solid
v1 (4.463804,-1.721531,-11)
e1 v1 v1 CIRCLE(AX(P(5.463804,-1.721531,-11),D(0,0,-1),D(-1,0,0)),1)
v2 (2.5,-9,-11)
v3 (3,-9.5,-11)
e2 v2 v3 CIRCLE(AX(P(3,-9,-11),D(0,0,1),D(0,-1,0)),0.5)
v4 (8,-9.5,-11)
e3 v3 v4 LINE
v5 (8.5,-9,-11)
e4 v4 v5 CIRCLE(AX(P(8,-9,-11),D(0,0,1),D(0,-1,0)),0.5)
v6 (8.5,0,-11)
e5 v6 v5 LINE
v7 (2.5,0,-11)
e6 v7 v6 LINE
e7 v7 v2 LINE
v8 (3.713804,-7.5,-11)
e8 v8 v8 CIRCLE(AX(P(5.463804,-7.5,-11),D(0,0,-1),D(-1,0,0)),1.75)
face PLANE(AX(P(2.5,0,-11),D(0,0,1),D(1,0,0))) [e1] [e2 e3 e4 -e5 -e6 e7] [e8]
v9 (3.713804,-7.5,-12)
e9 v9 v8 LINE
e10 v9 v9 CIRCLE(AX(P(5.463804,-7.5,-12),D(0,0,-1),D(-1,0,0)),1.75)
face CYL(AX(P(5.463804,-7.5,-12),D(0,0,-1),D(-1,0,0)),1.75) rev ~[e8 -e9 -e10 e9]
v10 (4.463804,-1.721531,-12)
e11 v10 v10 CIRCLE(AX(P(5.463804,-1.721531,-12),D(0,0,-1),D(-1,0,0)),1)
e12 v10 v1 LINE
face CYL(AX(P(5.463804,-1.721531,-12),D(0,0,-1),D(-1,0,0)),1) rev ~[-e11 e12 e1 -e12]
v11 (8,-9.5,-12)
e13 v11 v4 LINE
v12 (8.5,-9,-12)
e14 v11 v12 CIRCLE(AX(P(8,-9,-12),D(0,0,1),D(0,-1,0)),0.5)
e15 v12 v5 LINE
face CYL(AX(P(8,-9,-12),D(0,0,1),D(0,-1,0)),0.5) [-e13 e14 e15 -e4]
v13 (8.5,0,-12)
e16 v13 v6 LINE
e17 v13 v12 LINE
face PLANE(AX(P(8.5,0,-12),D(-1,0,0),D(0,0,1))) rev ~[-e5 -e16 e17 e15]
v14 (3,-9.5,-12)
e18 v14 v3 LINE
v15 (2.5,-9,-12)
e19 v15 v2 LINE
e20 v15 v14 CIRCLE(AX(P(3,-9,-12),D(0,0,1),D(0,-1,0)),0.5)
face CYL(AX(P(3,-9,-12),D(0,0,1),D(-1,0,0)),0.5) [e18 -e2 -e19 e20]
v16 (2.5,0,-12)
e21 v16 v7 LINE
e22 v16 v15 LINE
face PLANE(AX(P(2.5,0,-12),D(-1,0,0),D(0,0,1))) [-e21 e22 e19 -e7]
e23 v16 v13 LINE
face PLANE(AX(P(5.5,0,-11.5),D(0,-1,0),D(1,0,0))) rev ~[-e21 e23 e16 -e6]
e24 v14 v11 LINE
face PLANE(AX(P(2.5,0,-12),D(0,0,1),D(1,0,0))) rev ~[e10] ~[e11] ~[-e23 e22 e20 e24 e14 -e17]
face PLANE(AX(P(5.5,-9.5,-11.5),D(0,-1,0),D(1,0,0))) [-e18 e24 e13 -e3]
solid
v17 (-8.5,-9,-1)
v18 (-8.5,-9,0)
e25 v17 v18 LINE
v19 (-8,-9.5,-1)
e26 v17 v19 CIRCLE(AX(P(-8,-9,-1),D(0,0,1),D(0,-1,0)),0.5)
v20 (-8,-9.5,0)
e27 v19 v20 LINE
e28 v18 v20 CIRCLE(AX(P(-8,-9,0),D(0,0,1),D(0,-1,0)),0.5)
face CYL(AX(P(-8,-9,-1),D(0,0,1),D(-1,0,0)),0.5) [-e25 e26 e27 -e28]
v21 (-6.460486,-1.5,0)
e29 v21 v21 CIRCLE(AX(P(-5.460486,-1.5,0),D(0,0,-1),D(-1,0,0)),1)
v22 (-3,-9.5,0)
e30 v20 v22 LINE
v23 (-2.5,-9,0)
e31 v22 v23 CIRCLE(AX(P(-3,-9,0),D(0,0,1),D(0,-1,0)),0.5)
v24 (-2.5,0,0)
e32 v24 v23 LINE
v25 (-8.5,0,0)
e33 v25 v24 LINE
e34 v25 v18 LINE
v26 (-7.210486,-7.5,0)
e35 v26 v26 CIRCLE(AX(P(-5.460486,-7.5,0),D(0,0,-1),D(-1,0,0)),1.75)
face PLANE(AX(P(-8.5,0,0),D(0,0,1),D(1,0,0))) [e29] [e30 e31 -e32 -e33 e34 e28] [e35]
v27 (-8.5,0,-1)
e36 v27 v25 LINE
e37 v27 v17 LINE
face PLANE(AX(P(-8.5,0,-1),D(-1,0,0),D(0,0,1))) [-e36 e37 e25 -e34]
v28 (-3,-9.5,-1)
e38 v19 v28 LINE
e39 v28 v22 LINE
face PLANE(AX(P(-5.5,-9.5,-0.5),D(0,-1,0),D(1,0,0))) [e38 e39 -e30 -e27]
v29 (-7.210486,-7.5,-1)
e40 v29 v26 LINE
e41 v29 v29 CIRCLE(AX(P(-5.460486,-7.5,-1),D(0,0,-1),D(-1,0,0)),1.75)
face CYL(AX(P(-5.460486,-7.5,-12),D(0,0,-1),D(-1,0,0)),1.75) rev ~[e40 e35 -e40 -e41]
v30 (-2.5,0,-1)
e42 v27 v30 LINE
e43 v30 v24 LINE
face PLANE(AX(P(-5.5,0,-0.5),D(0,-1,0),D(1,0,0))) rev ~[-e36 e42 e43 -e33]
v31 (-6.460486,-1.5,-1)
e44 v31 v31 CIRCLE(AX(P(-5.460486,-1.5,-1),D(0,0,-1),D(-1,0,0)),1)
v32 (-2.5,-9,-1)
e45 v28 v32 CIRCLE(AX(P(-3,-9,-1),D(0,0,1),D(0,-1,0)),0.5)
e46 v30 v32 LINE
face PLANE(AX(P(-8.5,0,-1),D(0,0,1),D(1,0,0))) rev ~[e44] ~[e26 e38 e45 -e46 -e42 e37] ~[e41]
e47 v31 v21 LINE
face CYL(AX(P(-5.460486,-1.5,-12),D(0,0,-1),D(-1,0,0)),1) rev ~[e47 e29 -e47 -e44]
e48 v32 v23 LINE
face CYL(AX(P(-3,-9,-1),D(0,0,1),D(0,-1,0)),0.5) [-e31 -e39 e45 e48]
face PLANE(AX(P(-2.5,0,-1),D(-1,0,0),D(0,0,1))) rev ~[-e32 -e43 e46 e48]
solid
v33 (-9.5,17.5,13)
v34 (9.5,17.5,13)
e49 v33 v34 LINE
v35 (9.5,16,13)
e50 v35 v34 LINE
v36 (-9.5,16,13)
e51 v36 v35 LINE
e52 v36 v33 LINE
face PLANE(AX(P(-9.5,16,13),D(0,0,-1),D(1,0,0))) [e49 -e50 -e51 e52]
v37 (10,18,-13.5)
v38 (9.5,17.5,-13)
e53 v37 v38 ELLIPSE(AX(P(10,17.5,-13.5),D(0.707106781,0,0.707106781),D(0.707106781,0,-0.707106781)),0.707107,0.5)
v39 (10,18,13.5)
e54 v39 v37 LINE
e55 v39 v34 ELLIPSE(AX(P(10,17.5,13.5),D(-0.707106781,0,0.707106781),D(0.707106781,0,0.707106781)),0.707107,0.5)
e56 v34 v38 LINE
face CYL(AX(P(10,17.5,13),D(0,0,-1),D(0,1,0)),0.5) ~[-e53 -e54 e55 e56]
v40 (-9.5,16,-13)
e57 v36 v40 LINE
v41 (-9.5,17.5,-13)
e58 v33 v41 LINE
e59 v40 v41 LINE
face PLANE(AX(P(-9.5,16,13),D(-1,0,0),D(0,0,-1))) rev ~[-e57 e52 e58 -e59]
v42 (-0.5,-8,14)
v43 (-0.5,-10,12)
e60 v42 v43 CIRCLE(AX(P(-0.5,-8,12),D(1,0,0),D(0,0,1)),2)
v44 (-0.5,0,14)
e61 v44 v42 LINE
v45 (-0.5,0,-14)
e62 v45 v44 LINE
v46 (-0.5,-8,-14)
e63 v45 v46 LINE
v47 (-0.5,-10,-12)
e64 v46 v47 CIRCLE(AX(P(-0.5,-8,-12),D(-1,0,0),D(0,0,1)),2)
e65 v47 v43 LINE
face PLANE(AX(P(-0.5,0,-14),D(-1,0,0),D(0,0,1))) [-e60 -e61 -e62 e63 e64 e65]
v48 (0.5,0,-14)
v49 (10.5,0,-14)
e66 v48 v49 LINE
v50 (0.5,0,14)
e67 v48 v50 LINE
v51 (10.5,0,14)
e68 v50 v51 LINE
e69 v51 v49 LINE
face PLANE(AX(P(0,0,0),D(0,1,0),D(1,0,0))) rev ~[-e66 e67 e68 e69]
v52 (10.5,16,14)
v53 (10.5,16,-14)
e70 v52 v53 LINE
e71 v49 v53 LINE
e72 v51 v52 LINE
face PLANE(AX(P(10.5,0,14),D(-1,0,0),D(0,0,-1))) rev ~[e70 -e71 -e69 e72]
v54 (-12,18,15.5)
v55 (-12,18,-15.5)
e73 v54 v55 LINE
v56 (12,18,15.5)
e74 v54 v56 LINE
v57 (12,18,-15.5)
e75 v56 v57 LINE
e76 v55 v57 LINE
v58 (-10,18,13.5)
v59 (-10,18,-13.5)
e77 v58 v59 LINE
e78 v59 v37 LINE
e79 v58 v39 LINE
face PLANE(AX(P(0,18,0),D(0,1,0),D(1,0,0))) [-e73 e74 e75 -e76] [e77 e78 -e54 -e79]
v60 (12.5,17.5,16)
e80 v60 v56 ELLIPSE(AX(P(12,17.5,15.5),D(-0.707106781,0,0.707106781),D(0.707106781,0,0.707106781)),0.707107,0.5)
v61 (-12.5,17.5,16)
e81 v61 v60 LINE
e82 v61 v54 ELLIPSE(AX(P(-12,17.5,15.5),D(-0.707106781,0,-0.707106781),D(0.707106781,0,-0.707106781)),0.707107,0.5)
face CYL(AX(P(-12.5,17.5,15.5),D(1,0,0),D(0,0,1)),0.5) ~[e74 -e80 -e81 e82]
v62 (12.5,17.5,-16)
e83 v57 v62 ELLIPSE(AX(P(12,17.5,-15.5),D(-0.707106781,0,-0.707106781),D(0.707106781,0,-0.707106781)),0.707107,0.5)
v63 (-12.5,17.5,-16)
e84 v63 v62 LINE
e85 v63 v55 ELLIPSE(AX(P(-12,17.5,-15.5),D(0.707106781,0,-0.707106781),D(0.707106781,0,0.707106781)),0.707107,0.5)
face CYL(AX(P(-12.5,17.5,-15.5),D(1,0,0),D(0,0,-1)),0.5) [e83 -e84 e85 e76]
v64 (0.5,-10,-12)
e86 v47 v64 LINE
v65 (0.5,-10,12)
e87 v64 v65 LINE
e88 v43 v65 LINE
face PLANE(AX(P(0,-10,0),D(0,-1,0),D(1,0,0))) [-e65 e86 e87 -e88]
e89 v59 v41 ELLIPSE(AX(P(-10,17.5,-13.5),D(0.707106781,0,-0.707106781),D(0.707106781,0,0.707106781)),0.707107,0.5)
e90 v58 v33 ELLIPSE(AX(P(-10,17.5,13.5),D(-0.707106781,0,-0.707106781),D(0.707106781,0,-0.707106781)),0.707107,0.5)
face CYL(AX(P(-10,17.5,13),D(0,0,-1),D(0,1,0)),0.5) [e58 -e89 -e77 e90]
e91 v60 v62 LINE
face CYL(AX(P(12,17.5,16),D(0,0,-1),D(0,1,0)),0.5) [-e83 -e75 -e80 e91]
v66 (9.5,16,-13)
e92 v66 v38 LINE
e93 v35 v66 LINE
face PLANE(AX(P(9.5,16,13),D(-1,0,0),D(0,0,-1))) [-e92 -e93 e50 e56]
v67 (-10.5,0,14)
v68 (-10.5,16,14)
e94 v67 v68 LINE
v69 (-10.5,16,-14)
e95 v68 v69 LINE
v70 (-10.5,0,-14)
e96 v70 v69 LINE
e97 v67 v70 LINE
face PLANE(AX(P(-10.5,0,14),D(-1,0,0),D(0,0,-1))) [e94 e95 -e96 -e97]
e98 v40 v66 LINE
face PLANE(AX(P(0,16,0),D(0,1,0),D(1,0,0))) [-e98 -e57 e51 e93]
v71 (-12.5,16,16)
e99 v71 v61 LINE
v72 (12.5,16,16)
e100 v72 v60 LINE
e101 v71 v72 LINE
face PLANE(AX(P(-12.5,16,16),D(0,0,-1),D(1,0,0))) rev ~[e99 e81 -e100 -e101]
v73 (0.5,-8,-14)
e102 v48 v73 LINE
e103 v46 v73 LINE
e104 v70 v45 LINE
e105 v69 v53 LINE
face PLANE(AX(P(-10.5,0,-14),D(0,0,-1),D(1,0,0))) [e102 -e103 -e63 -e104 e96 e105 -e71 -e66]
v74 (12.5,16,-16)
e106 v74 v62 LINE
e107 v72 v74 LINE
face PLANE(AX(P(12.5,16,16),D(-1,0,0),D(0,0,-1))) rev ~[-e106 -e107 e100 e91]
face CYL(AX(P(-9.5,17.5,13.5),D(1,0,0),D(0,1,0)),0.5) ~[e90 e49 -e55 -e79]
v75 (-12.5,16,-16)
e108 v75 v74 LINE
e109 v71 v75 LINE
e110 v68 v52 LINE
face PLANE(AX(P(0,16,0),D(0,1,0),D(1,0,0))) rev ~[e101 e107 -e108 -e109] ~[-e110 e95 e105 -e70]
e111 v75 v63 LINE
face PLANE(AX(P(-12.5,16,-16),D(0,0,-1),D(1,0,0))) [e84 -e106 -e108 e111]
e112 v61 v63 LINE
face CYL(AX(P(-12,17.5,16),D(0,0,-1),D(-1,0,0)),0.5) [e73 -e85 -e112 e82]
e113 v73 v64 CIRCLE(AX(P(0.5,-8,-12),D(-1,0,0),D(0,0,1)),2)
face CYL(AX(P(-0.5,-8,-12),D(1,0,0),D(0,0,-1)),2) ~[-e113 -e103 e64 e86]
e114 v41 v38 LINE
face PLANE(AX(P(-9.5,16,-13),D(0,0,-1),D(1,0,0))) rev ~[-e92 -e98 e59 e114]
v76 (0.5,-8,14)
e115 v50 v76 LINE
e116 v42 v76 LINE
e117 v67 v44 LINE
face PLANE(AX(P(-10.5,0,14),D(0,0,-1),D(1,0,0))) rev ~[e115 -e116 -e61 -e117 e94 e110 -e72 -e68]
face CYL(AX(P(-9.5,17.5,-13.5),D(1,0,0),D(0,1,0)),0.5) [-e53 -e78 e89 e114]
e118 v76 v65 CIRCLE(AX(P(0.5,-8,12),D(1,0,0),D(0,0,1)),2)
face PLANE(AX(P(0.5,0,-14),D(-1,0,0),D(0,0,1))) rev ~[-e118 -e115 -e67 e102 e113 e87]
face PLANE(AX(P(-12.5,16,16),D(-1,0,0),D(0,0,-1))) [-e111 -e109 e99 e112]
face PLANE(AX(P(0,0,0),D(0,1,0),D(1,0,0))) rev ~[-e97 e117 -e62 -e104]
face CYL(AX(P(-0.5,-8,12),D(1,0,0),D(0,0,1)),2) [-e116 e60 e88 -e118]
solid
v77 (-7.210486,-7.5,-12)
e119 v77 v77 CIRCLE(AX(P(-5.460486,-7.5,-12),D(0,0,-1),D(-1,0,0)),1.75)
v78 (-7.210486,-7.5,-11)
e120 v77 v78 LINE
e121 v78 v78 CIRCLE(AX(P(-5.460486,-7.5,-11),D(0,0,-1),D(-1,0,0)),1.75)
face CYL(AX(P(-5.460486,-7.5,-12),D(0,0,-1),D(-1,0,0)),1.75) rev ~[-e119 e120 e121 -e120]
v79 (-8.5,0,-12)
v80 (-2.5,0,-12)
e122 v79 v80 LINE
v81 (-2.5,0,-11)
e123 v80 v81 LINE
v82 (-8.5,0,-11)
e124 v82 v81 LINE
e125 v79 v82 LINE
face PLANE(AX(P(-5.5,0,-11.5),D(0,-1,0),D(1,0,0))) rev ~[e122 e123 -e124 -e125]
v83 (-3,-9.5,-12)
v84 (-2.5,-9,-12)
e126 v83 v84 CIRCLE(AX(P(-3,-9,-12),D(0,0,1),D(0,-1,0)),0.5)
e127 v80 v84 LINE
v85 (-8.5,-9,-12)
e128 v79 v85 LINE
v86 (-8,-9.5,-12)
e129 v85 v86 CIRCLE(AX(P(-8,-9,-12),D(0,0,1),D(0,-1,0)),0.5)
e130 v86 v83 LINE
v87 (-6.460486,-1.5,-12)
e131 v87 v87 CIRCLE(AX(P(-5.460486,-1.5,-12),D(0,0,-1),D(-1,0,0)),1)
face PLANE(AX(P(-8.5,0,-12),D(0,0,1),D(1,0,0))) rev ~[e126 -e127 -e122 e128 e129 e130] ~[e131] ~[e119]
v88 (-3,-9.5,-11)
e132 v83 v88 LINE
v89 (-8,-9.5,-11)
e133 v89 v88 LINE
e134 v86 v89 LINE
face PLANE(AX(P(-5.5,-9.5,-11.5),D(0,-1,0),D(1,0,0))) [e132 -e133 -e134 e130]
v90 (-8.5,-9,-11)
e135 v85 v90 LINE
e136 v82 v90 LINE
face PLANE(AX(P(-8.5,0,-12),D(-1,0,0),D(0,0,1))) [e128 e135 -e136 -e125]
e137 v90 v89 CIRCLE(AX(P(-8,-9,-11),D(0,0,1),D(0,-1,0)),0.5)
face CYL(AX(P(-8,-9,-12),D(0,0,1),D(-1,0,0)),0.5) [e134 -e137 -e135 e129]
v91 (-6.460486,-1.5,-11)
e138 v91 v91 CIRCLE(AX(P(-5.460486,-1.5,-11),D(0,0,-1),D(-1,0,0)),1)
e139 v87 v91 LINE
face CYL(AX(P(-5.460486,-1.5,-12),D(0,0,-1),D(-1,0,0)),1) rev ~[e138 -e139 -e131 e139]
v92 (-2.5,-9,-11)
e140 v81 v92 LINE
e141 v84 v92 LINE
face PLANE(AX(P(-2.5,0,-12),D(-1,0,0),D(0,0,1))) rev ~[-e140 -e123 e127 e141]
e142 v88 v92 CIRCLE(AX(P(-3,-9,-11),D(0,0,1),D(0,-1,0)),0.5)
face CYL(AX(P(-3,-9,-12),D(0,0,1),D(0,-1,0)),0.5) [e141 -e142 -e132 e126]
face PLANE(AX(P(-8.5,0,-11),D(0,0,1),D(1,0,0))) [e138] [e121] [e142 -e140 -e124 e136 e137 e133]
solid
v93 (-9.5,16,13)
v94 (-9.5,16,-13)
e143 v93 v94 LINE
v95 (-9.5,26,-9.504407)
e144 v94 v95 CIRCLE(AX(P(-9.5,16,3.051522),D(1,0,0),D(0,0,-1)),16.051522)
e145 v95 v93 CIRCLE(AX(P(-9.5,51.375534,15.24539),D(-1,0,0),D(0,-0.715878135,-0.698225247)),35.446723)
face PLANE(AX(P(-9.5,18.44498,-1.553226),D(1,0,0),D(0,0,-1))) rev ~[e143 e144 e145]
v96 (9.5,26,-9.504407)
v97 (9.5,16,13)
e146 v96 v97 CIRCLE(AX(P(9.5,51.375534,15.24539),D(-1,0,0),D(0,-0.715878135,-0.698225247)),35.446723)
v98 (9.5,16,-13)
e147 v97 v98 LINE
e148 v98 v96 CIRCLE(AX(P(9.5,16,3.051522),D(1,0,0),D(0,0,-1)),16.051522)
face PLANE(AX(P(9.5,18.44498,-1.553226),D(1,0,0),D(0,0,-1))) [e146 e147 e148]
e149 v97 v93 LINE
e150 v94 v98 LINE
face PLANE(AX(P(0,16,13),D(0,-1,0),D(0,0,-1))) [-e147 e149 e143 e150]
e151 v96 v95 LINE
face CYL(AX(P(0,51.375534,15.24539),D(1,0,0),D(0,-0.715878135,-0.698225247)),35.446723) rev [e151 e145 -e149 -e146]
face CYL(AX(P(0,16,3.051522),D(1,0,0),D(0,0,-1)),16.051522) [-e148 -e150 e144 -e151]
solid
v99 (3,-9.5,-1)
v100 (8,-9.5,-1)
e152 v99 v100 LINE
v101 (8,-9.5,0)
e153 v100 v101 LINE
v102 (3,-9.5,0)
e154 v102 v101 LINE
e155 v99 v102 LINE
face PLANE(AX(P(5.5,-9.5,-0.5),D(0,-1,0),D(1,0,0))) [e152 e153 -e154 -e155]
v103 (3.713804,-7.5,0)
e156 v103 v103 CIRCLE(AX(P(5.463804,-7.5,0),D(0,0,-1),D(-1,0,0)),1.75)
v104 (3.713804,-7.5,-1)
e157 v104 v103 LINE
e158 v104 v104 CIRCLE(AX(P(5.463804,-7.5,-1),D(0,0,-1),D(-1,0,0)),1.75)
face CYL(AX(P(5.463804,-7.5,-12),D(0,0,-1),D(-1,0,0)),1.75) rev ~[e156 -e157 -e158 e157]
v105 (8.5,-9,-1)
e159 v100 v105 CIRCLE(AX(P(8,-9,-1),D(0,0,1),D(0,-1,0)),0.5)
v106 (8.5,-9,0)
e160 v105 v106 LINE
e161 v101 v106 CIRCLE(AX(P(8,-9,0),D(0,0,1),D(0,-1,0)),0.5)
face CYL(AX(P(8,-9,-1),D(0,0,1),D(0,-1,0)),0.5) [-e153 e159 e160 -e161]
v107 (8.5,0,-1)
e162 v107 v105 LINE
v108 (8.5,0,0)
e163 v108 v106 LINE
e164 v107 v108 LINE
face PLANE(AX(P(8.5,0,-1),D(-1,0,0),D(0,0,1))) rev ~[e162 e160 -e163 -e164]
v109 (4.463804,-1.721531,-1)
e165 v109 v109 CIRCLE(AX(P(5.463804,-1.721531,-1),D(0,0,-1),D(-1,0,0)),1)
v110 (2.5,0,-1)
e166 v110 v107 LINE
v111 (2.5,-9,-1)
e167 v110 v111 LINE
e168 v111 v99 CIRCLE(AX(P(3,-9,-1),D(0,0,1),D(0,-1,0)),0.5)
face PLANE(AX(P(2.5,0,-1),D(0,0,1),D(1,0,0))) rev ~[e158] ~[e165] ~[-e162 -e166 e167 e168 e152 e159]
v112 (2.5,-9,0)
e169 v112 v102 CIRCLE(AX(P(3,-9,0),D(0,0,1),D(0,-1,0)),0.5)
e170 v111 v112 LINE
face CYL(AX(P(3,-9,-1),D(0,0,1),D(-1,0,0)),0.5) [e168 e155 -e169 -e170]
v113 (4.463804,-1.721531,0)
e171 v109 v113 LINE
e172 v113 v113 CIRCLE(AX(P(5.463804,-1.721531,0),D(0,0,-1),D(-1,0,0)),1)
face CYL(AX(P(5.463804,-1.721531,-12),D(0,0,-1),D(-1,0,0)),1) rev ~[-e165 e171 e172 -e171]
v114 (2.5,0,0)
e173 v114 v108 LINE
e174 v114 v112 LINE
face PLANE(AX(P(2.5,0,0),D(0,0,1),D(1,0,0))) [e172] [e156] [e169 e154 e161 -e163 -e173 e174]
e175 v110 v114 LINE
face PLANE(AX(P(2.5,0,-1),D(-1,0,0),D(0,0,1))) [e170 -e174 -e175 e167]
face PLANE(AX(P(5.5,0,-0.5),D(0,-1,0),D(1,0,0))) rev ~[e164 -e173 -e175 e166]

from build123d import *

# Parameters (mm, degrees)
SKETCH1_W             = 21
SKETCH1_H             = 28
BOSS_EXTRUDE1_DEPTH   = 16
SKETCH2_W             = 25
SKETCH2_H             = 32
SKETCH2_W_2           = 19
SKETCH2_H_2           = 26
BOSS_EXTRUDE2_DEPTH   = 2
FILLET1_R             = 0.5
SKETCH3_W             = 1
SKETCH3_H             = 28
BOSS_EXTRUDE3_DEPTH   = 10
SKETCH4_W             = 6
SKETCH4_H             = 1
BOSS_EXTRUDE4_DEPTH   = 9.5
BOSS_EXTRUDE4_2_DEPTH = 9.5
BOSS_EXTRUDE4_3_DEPTH = 9.5
BOSS_EXTRUDE4_4_DEPTH = 9.5
SKETCH5_R             = 1
SKETCH5_R_2           = 1.75
CUT_EXTRUDE1_DEPTH    = 29
FILLET2_R             = 2
FILLET3_R             = 0.5
FILLET4_R             = 0.5
FILLET5_R             = 0.5
FILLET6_R             = 0.5
BOSS_EXTRUDE5_DEPTH   = 9.5


with BuildPart() as part:
    # Sketch1 → Boss-Extrude1 (new body)
    with BuildSketch(Plane(origin=(0, 0, 0), x_dir=(1, 0, 0), z_dir=(0, 1, 0))):
        Rectangle(SKETCH1_W, SKETCH1_H)
    extrude(amount=BOSS_EXTRUDE1_DEPTH)

    # Sketch2 → Boss-Extrude2 (add)
    with BuildSketch(Plane(origin=(0, 16, 0), x_dir=(1, 0, 0), z_dir=(0, 1, 0))):
        Rectangle(SKETCH2_W, SKETCH2_H)
        Rectangle(SKETCH2_W_2, SKETCH2_H_2, mode=Mode.SUBTRACT)
    extrude(amount=BOSS_EXTRUDE2_DEPTH)

    # Fillet1
    fillet1_edges = [part.edges().sort_by_distance(p)[0] for p in [
        (0, 18, 16),
        (12.5, 18, 0),
        (0, 18, -16),
        (-12.5, 18, 0),
        (0, 18, 13),
        (9.5, 18, 0),
        (0, 18, -13),
        (-9.5, 18, 0),
    ]]
    fillet(fillet1_edges, radius=FILLET1_R)

    # Sketch3 → Boss-Extrude3 (add)
    with BuildSketch(Plane.XZ):
        Rectangle(SKETCH3_W, SKETCH3_H)
    extrude(amount=BOSS_EXTRUDE3_DEPTH)

    # Fillet2
    fillet2_edges = [part.edges().sort_by_distance(p)[0] for p in [
        (0, -10, 14),
        (0, -10, -14),
    ]]
    fillet(fillet2_edges, radius=FILLET2_R)


with BuildPart() as body_2:
    # Sketch4 → Boss-Extrude4 (new body)
    with BuildSketch(Plane.XZ):
        with Locations((-5.5, -11.5)):
            Rectangle(SKETCH4_W, SKETCH4_H)
    extrude(amount=BOSS_EXTRUDE4_DEPTH)


with BuildPart() as body_3:
    # Sketch4 → Boss-Extrude4 2 (new body)
    with BuildSketch(Plane.XZ):
        with Locations((5.5, -0.5)):
            Rectangle(SKETCH4_W, SKETCH4_H)
    extrude(amount=BOSS_EXTRUDE4_2_DEPTH)


with BuildPart() as body_4:
    # Sketch4 → Boss-Extrude4 3 (new body)
    with BuildSketch(Plane.XZ):
        with Locations((-5.5, -0.5)):
            Rectangle(SKETCH4_W, SKETCH4_H)
    extrude(amount=BOSS_EXTRUDE4_3_DEPTH)


with BuildPart() as body_5:
    # Sketch4 → Boss-Extrude4 4 (new body)
    with BuildSketch(Plane.XZ):
        with Locations((5.5, -11.5)):
            Rectangle(SKETCH4_W, SKETCH4_H)
    extrude(amount=BOSS_EXTRUDE4_4_DEPTH)


with BuildPart() as cut_extrude1_tool:
    # Sketch5 → Cut-Extrude1 (new body, through all)
    with BuildSketch(Plane(origin=(0, 0, -12), x_dir=(-1, 0, 0), z_dir=(0, 0, -1))):
        with Locations((5.460485821, -1.5)):
            Circle(SKETCH5_R)
        with Locations((5.460485821, -7.5)):
            Circle(SKETCH5_R_2)
        with Locations((-5.463804128, -1.721530738)):
            Circle(SKETCH5_R)
        with Locations((-5.463804128, -7.5)):
            Circle(SKETCH5_R_2)
    extrude(amount=-CUT_EXTRUDE1_DEPTH)


with BuildPart() as body_2_1:
    add(body_2.part)

    # Cut-Extrude1: cut by cut_extrude1_tool
    add(cut_extrude1_tool.part, mode=Mode.SUBTRACT)

    # Fillet4
    fillet4_edges = [body_2_1.edges().sort_by_distance(p)[0] for p in [
        (-8.5, -9.5, -11.5),
        (-2.5, -9.5, -11.5),
    ]]
    fillet(fillet4_edges, radius=FILLET4_R)


with BuildPart() as body_3_1:
    add(body_3.part)

    # Cut-Extrude1: cut by cut_extrude1_tool
    add(cut_extrude1_tool.part, mode=Mode.SUBTRACT)

    # Fillet5
    fillet5_edges = [body_3_1.edges().sort_by_distance(p)[0] for p in [
        (2.5, -9.5, -0.5),
        (8.5, -9.5, -0.5),
    ]]
    fillet(fillet5_edges, radius=FILLET5_R)


with BuildPart() as body_4_1:
    add(body_4.part)

    # Cut-Extrude1: cut by cut_extrude1_tool
    add(cut_extrude1_tool.part, mode=Mode.SUBTRACT)

    # Fillet6
    fillet6_edges = [body_4_1.edges().sort_by_distance(p)[0] for p in [
        (-2.5, -9.5, -0.5),
        (-8.5, -9.5, -0.5),
    ]]
    fillet(fillet6_edges, radius=FILLET6_R)


with BuildPart() as body_5_1:
    add(body_5.part)

    # Cut-Extrude1: cut by cut_extrude1_tool
    add(cut_extrude1_tool.part, mode=Mode.SUBTRACT)

    # Fillet3
    fillet3_edges = [body_5_1.edges().sort_by_distance(p)[0] for p in [
        (8.5, -9.5, -11.5),
        (2.5, -9.5, -11.5),
    ]]
    fillet(fillet3_edges, radius=FILLET3_R)


with BuildPart() as body_6:
    # Sketch6 → Boss-Extrude5 (new body, symmetric)
    with BuildSketch(Plane(origin=(0, 0, 0), x_dir=(0, 0, -1), z_dir=(1, 0, 0))):
        with BuildLine():
            Line((-13, 16), (13, 16))
            ThreePointArc((13, 16), (12.100922241, 21.296677467), (9.504407239, 26))
            ThreePointArc((9.504407239, 26), (-0.851466502, 18.98286274), (-13, 16))
        make_face()
    extrude(amount=BOSS_EXTRUDE5_DEPTH, both=True)


solid = Compound([part.part, body_2_1.part, body_3_1.part, body_4_1.part, body_5_1.part, body_6.part])
